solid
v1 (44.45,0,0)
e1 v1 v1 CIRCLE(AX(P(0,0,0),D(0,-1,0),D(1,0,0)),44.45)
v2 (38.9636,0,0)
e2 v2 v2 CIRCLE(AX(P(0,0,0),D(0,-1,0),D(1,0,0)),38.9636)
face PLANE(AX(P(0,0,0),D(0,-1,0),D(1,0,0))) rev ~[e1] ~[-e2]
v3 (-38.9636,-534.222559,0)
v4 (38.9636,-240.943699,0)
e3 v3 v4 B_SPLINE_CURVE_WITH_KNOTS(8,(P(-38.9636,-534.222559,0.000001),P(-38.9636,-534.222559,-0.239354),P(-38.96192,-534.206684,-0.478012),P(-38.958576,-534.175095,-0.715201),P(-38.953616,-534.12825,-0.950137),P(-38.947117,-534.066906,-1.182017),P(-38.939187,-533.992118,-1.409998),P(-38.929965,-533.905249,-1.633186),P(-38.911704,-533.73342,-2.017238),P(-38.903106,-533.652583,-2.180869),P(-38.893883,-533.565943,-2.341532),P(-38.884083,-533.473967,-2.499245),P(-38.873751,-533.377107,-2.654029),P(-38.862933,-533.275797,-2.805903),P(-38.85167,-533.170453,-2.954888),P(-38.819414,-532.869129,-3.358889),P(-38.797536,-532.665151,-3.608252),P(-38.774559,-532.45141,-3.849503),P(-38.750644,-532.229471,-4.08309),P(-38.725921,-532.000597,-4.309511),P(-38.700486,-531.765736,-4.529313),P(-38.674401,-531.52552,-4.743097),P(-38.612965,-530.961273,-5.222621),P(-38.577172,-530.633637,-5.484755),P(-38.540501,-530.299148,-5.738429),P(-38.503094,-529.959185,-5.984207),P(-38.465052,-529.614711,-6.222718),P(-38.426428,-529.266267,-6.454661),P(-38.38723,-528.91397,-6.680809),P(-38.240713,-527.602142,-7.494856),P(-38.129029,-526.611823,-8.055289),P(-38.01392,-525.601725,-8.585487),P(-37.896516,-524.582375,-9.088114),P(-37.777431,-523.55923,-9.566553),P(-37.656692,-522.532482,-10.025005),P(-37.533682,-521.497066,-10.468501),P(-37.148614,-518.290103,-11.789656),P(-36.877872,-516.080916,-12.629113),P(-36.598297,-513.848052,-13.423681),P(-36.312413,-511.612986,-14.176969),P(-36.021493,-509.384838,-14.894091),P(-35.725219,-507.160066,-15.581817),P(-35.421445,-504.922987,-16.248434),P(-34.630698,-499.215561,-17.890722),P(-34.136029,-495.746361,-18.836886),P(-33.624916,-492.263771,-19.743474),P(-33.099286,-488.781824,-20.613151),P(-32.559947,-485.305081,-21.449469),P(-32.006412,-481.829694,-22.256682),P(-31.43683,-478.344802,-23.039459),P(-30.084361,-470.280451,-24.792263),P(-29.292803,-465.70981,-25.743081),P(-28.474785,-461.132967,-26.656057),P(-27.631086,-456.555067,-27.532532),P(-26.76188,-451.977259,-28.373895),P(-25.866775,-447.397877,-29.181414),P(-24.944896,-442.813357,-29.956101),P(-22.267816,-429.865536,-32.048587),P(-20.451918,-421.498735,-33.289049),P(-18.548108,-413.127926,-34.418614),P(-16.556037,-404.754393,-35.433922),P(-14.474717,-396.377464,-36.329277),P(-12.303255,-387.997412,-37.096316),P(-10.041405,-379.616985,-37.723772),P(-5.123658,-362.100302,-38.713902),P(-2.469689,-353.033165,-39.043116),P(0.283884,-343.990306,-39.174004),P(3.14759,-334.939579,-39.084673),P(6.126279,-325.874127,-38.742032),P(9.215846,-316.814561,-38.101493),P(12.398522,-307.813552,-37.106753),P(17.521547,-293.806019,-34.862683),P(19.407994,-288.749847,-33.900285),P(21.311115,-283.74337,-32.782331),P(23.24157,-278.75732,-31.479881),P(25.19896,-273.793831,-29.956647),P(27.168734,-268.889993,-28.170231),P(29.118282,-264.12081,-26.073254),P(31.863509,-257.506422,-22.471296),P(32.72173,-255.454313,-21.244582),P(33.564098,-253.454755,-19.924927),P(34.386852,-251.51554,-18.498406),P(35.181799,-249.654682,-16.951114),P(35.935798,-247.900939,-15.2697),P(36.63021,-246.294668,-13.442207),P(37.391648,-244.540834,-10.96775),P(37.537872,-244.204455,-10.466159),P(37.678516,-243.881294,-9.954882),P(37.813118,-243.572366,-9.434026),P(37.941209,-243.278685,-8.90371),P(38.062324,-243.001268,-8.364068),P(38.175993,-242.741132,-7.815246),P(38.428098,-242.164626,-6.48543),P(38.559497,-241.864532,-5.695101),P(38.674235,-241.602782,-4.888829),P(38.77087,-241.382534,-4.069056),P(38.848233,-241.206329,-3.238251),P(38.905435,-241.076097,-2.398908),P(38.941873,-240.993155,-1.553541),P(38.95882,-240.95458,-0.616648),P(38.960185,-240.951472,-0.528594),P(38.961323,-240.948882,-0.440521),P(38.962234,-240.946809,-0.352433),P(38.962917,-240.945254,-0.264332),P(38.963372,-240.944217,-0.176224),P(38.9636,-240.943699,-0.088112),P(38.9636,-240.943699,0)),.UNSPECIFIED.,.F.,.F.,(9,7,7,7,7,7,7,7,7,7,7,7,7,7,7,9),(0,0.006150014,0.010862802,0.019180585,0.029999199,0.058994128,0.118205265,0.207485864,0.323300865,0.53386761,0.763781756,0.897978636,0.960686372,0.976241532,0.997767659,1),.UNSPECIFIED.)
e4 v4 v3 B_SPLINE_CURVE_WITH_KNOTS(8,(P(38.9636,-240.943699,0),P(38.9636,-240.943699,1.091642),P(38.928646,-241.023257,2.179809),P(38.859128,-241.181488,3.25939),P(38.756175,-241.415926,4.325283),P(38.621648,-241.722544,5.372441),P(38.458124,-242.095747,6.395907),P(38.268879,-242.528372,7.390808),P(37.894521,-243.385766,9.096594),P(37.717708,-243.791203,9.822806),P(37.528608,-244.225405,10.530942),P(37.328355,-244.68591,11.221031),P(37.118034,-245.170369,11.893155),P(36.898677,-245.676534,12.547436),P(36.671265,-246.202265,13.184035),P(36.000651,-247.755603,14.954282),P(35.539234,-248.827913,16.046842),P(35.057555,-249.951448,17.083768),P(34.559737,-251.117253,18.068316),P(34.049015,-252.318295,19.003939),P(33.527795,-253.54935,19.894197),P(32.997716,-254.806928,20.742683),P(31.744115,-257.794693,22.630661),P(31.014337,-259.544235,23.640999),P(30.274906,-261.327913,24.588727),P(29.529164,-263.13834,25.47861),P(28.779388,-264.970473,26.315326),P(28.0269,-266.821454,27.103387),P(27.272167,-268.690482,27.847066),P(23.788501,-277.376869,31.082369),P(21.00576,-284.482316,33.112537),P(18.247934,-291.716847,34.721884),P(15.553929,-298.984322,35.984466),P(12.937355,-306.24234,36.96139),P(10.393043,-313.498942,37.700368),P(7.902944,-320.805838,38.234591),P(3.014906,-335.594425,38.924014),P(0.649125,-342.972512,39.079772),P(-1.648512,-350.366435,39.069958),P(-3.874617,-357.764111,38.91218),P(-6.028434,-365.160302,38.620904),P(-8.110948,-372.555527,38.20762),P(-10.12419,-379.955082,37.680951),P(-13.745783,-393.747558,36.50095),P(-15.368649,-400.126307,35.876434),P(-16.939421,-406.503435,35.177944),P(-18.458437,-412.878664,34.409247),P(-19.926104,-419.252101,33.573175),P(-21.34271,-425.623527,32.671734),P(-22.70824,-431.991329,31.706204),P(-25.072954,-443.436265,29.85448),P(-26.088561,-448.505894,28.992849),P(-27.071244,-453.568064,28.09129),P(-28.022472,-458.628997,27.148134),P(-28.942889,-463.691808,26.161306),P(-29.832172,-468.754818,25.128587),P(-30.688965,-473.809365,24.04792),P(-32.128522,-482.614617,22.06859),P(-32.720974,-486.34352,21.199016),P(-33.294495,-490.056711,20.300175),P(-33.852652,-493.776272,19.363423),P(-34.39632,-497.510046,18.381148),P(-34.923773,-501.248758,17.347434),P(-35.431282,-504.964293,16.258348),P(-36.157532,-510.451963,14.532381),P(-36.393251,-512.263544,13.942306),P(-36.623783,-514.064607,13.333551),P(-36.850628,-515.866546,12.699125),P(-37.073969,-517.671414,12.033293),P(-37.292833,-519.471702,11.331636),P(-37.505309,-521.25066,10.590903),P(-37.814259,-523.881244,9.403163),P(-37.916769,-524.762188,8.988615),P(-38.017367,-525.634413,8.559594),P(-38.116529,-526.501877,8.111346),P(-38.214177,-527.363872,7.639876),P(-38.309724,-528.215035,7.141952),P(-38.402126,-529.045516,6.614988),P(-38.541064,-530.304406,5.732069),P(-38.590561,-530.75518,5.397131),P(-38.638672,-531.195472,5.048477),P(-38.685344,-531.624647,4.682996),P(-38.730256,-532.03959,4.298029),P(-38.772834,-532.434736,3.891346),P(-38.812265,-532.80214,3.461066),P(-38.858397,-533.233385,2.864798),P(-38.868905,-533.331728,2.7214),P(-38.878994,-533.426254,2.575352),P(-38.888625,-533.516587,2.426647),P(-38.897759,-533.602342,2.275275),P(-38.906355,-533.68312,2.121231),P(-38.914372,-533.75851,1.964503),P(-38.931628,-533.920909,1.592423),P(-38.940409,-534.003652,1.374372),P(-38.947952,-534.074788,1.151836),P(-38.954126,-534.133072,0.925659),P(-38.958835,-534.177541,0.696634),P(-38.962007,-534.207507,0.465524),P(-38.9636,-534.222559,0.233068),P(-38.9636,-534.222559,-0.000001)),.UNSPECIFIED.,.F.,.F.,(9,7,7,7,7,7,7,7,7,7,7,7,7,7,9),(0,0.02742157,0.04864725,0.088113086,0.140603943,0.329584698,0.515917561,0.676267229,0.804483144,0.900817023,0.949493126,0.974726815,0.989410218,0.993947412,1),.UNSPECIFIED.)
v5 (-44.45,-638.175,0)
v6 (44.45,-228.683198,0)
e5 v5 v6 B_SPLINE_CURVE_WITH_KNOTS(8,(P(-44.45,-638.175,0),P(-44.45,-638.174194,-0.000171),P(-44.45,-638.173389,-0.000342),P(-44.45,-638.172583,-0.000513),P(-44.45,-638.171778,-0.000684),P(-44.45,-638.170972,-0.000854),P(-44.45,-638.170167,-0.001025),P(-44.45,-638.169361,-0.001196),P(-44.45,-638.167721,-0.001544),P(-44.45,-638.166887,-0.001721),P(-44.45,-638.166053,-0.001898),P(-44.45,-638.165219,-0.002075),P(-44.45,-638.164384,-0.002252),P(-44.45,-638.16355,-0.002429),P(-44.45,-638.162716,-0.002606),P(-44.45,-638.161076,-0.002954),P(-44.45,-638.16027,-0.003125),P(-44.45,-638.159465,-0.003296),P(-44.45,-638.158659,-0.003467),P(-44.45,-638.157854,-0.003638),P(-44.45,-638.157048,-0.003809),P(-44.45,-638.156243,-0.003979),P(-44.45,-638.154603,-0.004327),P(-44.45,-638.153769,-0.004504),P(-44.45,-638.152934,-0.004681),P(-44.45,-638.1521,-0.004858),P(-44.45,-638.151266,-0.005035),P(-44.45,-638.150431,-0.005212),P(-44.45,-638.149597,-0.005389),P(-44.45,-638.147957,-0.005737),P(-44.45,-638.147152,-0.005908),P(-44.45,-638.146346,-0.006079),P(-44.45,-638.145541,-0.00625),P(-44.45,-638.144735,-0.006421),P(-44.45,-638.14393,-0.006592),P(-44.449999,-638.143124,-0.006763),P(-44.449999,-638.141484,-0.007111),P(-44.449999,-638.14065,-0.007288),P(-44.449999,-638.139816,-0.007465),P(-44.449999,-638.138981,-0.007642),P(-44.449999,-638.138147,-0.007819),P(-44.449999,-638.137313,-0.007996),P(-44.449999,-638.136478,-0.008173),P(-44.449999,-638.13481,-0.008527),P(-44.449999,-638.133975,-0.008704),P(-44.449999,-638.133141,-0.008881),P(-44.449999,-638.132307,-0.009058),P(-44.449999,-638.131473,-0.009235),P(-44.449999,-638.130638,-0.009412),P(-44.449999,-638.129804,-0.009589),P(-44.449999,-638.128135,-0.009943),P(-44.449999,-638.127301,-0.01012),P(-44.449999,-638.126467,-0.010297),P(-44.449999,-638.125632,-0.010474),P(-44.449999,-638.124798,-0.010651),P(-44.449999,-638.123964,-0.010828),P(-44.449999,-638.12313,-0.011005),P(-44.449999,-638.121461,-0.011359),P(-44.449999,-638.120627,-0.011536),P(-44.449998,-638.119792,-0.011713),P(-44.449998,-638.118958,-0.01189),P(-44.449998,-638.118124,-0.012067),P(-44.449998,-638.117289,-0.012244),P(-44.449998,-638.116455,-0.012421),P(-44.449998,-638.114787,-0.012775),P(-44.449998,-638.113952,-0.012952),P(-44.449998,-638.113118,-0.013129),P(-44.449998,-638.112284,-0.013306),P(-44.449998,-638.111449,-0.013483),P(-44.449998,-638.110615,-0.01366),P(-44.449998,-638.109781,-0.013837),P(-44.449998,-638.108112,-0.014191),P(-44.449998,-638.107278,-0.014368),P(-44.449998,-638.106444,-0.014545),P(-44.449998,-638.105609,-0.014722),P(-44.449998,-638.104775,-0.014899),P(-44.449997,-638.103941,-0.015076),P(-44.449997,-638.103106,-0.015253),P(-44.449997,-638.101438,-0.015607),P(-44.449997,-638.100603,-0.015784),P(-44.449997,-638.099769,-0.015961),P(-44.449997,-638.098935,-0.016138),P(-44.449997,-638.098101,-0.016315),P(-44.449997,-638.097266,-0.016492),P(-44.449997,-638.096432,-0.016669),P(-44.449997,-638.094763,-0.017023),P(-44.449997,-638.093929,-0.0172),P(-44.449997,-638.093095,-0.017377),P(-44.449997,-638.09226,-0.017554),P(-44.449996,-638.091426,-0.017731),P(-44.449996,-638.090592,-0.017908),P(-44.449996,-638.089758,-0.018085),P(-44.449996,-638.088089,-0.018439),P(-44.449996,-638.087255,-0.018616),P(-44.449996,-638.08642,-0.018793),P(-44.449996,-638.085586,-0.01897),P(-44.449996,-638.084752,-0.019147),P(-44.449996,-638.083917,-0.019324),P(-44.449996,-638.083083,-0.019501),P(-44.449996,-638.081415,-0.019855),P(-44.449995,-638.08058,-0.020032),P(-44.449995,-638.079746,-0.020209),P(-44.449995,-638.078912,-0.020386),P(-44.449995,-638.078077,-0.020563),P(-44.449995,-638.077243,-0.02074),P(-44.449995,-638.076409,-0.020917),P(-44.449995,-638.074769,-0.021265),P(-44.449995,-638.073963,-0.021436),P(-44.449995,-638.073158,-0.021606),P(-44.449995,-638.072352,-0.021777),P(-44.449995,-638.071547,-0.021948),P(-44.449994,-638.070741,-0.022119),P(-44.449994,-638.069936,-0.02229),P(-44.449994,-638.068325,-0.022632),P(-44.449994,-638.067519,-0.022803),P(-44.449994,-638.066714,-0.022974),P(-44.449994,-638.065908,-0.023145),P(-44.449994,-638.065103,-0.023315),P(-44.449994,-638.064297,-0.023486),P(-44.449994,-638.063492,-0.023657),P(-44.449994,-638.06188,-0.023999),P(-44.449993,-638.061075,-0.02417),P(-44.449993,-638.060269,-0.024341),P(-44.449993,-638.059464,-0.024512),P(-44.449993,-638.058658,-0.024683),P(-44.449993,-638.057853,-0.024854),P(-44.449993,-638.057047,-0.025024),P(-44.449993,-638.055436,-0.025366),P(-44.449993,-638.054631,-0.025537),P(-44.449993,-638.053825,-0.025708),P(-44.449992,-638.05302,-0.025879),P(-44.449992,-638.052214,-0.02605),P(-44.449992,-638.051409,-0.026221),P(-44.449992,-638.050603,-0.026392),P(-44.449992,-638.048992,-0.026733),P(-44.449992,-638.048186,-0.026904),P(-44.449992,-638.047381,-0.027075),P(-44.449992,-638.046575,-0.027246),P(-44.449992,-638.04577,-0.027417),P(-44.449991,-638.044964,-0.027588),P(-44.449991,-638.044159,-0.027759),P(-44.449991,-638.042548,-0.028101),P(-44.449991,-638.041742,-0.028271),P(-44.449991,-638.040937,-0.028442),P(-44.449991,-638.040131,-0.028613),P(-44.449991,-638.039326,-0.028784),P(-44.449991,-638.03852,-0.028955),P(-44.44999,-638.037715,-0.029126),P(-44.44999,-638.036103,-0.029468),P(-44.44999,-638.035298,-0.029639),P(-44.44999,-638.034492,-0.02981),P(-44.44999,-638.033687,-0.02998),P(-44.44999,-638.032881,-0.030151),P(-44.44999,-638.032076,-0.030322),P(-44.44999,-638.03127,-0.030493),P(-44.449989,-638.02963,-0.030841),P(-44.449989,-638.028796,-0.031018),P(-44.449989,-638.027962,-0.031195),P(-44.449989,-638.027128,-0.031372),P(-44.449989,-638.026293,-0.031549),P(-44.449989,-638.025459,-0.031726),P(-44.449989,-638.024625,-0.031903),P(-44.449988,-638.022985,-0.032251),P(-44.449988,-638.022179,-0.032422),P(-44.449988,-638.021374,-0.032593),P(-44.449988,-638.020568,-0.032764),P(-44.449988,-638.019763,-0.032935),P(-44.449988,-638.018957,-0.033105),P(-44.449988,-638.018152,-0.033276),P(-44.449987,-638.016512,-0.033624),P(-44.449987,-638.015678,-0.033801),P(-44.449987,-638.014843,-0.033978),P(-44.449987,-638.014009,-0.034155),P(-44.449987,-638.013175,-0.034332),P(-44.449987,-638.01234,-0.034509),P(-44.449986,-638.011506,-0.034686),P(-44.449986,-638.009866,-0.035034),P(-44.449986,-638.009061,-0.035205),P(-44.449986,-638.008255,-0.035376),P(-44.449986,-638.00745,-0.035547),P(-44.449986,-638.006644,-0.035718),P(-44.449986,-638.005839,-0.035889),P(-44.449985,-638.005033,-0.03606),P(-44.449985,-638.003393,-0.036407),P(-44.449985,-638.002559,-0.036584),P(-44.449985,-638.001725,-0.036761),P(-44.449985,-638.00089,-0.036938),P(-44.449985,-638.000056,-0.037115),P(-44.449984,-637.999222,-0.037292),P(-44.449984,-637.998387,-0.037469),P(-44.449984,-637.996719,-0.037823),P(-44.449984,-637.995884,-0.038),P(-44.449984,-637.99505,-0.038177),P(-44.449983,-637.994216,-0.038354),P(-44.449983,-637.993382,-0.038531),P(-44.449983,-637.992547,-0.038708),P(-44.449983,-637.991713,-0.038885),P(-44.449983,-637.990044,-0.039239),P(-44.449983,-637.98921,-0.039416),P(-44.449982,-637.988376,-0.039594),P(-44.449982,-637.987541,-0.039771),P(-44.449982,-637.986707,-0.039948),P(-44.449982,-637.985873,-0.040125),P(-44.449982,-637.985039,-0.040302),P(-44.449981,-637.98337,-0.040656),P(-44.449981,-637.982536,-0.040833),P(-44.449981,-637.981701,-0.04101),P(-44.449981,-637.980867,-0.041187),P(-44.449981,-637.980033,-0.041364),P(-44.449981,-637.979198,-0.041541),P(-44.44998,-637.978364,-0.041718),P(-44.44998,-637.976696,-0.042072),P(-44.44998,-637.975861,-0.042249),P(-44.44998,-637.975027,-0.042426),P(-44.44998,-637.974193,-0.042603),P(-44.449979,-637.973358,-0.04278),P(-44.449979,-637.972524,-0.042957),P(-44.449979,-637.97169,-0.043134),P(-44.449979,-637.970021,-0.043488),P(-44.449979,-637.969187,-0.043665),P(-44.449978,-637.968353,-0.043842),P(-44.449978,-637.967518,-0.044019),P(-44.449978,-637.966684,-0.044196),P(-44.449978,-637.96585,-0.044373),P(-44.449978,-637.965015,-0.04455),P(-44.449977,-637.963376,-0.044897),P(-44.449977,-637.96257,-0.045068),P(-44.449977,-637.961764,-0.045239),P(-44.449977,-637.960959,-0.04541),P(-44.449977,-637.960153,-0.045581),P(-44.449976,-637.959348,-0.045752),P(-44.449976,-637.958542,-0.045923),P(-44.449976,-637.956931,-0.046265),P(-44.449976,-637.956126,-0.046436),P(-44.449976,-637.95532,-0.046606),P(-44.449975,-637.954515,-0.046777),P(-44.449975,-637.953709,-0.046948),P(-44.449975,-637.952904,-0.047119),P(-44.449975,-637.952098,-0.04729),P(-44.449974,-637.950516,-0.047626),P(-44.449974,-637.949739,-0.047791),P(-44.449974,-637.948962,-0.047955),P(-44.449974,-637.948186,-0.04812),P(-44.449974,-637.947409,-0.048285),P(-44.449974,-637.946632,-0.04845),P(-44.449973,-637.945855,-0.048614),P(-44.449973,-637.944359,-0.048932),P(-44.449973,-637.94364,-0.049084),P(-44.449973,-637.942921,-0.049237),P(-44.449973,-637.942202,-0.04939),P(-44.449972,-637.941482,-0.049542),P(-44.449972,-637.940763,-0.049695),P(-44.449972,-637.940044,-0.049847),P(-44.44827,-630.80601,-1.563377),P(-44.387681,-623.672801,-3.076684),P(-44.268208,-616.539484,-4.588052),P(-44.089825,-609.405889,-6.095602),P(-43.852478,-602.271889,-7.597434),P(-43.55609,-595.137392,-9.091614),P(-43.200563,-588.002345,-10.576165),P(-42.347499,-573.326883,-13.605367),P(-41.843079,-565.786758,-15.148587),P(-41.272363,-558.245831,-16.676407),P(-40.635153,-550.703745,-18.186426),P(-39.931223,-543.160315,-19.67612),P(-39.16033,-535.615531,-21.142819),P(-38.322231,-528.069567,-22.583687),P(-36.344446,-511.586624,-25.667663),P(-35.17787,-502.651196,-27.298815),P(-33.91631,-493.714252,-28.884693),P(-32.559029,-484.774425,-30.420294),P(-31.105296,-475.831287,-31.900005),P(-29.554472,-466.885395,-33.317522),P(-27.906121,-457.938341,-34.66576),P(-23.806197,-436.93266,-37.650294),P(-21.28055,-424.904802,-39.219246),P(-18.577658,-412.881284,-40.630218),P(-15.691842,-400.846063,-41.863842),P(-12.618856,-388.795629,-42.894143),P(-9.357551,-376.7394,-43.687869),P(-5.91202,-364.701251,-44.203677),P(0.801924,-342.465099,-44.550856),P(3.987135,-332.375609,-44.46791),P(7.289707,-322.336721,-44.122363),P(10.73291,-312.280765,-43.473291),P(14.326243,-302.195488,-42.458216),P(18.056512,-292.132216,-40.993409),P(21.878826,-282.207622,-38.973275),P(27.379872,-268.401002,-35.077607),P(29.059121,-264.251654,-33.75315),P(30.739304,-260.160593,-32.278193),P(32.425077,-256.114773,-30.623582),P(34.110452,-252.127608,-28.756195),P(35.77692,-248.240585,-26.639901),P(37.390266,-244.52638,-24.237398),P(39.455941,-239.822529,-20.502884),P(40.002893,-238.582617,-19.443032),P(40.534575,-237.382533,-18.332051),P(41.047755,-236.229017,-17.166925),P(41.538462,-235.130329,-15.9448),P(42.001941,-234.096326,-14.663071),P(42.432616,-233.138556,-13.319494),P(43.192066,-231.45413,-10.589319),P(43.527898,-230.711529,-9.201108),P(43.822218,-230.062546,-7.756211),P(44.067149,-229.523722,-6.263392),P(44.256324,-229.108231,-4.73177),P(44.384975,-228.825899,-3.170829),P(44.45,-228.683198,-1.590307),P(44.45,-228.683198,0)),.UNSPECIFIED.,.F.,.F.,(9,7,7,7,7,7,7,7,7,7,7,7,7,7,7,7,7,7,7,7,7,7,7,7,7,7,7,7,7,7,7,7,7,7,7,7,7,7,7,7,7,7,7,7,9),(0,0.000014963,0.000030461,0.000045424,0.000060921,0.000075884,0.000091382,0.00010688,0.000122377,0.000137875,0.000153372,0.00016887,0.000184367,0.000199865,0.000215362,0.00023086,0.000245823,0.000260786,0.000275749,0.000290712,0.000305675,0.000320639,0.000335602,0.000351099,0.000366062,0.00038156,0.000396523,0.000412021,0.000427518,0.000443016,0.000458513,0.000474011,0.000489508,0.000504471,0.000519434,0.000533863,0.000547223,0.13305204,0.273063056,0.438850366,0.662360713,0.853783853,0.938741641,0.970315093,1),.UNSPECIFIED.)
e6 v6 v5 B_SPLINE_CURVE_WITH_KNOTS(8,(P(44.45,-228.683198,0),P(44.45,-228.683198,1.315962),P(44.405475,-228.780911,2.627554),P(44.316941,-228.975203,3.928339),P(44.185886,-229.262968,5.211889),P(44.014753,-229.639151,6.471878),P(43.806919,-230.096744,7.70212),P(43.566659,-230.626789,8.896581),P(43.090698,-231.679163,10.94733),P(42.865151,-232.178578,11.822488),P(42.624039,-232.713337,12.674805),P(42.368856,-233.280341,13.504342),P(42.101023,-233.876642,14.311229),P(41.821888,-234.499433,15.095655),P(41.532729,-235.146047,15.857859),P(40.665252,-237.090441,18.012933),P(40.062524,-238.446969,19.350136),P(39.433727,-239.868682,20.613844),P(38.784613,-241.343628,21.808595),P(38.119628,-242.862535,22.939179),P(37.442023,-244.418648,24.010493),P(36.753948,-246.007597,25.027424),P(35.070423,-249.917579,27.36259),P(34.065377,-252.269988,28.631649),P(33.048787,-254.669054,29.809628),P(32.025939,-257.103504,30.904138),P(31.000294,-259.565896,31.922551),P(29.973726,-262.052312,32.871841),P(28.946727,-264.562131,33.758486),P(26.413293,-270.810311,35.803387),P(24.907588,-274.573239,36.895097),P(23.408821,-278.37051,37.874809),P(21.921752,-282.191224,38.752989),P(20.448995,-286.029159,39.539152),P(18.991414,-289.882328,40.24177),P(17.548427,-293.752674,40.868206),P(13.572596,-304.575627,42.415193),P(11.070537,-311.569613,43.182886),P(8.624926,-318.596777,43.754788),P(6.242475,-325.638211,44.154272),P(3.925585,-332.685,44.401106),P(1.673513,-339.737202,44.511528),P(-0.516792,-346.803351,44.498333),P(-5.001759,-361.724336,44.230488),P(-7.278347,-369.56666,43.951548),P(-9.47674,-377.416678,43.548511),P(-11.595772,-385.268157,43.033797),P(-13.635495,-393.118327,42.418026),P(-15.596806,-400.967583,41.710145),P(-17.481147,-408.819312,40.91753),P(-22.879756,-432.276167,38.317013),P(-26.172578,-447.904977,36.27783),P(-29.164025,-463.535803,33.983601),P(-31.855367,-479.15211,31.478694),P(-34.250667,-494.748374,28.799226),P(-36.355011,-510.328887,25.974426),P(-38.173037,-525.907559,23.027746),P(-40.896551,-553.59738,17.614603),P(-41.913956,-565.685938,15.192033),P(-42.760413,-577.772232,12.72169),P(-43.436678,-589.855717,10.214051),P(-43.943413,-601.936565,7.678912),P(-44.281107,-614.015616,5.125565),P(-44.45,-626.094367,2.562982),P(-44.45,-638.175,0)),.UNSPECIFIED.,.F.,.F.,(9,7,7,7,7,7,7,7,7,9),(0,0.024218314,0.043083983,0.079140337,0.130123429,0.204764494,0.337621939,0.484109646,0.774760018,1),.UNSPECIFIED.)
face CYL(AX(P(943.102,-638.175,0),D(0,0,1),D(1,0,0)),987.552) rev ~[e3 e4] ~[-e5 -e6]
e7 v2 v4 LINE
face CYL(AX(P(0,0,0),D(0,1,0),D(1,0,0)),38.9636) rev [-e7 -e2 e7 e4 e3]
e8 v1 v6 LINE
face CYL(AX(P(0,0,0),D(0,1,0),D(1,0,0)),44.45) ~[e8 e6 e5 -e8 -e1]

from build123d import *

# Parameters (mm, degrees)
F0_R          = 44.45
F0_R_2        = 38.9636
F1_DEPTH      = 638.175
F2_R          = 987.552
F3_DEPTH      = 44.451
F3_DEPTH_BACK = 44.451


with BuildPart() as f1:
    # F0 (on Front) → F1 (new body)
    with BuildSketch(Plane.XZ):
        Circle(F0_R)
        Circle(F0_R_2, mode=Mode.SUBTRACT)
    extrude(amount=F1_DEPTH)

    # F2 (on Top) → F3 (cut, two sides)
    with BuildSketch(Plane.XY) as f3_sk:
        with Locations((943.102, -638.175)):
            Circle(F2_R)
    extrude(amount=-F3_DEPTH, mode=Mode.SUBTRACT)
    extrude(f3_sk.sketch, amount=F3_DEPTH_BACK, mode=Mode.SUBTRACT)


solid = f1.part
